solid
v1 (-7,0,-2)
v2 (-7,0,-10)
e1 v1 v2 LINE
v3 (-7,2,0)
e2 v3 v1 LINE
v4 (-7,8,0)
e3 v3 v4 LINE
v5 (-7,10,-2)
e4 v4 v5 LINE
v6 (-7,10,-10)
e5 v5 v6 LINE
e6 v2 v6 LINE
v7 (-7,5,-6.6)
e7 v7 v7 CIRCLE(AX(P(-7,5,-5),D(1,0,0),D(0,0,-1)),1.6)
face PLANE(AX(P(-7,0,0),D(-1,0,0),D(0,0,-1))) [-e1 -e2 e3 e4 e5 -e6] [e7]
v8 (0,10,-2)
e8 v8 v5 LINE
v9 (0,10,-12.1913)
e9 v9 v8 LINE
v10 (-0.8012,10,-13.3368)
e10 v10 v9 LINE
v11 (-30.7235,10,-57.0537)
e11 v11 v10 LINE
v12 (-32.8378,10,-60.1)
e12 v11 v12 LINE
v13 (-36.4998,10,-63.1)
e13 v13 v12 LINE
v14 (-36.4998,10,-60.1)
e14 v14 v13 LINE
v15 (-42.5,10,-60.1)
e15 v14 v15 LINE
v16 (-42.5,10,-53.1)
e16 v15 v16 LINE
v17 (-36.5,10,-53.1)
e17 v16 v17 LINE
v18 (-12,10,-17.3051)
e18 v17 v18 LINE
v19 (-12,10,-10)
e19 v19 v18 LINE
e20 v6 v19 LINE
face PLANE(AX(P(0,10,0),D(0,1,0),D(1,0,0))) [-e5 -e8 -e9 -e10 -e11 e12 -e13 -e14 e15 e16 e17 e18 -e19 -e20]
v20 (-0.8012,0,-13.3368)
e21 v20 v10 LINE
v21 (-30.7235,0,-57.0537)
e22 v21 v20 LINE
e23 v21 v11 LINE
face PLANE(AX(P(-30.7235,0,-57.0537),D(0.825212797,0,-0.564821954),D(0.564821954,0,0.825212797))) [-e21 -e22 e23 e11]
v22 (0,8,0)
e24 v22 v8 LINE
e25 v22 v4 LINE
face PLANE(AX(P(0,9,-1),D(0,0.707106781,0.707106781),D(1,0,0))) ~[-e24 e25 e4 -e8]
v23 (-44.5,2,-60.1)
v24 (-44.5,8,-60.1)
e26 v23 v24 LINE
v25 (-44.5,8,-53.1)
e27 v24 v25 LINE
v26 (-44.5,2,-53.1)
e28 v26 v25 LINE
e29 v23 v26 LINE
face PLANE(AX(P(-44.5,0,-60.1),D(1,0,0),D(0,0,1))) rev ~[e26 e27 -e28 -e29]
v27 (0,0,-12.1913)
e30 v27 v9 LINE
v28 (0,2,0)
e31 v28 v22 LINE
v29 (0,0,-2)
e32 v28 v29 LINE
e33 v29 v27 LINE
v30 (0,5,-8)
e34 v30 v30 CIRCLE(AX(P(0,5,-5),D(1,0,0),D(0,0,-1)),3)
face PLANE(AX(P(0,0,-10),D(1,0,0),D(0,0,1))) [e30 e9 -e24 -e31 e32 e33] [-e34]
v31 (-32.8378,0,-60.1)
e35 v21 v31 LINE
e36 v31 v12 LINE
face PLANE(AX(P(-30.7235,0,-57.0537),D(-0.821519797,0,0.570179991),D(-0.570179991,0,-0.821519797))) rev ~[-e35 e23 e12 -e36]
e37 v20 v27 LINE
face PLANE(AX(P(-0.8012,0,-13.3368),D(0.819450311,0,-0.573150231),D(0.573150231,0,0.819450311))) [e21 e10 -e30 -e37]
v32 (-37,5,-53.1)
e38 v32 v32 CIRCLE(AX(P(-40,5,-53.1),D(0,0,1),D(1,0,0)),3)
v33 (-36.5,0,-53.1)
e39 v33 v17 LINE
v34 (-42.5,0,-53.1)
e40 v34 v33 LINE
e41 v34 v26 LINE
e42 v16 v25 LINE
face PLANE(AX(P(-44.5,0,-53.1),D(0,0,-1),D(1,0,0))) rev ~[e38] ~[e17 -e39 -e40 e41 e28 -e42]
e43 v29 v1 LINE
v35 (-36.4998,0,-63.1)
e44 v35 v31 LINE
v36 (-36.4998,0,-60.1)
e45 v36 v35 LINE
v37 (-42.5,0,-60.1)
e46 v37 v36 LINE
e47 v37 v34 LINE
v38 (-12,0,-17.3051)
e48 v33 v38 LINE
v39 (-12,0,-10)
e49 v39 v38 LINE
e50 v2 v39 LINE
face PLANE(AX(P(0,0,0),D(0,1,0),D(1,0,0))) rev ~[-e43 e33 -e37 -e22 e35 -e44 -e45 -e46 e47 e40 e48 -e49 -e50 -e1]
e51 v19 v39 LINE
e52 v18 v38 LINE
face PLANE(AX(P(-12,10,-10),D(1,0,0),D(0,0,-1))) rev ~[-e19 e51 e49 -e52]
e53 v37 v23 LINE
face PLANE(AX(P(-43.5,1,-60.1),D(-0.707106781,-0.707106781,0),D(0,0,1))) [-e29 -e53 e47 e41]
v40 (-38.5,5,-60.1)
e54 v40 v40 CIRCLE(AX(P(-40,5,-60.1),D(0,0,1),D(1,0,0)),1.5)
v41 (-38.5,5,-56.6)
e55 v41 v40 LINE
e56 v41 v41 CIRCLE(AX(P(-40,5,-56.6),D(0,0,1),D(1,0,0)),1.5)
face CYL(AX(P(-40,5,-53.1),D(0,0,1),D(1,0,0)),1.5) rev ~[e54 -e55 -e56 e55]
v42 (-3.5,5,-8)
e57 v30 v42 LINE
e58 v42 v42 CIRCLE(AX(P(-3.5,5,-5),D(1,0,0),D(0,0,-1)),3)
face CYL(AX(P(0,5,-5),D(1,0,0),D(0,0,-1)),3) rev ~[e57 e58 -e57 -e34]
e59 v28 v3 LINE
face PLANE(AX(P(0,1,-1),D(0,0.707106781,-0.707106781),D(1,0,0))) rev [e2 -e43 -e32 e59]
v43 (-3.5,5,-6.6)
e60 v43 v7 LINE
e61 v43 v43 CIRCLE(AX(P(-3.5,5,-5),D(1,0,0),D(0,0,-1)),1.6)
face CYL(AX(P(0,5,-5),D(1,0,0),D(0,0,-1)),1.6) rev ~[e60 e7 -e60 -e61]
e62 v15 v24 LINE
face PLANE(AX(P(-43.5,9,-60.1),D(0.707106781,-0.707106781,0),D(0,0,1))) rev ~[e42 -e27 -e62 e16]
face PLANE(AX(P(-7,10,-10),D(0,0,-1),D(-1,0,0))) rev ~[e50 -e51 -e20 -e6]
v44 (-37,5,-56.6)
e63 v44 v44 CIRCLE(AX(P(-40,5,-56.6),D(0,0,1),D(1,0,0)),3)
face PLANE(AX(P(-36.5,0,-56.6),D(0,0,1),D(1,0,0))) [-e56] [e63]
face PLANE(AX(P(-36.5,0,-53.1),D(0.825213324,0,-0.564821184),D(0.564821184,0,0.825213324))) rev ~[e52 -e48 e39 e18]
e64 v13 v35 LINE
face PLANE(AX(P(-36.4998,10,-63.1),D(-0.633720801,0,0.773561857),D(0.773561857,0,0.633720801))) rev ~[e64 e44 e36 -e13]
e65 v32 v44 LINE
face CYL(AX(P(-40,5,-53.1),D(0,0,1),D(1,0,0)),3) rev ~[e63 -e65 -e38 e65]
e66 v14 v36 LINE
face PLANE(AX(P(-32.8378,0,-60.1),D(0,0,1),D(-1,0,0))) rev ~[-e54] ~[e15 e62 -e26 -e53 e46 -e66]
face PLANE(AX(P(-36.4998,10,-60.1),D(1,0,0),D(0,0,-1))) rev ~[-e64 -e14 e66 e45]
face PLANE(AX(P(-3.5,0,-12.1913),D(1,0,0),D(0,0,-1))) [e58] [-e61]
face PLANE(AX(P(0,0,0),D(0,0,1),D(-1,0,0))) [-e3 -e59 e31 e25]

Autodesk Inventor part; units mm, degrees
ref_plane "YZ Plane" through (0, 0, 0) normal (1, 0, 0) x (0, 1, 0)
ref_plane "XZ Plane" through (0, 0, 0) normal (0, 1, 0) x (-1, 0, 0)
ref_plane "XY Plane" through (0, 0, 0) normal (0, 0, 1) x (1, 0, 0)
sketch "Sketch1" plane through (0, 0, 0) normal (0, 1, 0) x (-1, 0, 0)
  line L0 (0, 0) -> (7, 0)
  line L1 (7, 0) -> (7, -10)
  line L2 (7, -10) -> (0, -10)
  line L3 (0, -10) -> (0, 0)
  line L4 (36.5, -60.1) -> (44.5, -60.1)
  line L5 (44.5, -60.1) -> (44.5, -53.1)
  line L6 (44.5, -53.1) -> (36.5, -53.1)
  line L7 (36.5, -53.1) -> (36.5, -60.1)
  line L8 (36.5, -53.1) -> (7, -10)
  line L9 (30.7235, -57.0537) -> (0.8012, -13.3368)
  line L10 (0.8012, -13.3368) -> (0, -12.1913)
  line L11 (0, -12.1913) -> (0, -10)
  line L12 (30.7235, -57.0537) -> (32.8378, -60.1)
  line L13 (32.8378, -60.1) -> (36.5, -60.1)
  dimension "d0" = 10
  dimension "d1" = 7
  dimension "d7" = 29.5
  dimension "d14" = 50.1
  dimension "d15" = 7
  dimension "d16" = 8
  dimension "d17" = 7
extrude "Extrusion1" add sketch "Sketch1" along normal blind 10
chamfer "Chamfer1" distance 2 angle 45 4 edges at (-44.5, 0, -56.6) (-44.5, 10, -56.6) (-3.5, 10, 0) (-3.5, 0, 0)
sketch "Sketch2" plane through (0, 0, -12.1913) normal (1, 0, 0) x (0, 0, -1)
  line L0 (-12.1913, 0) -> (-2.1913, 0) construction
  line L1 (-2.1913, 0) -> (-2.1913, 10) construction
  line L2 (-2.1913, 10) -> (-12.1913, 10) construction
  line L3 (-12.1913, 10) -> (-12.1913, 0) construction
  line L4 (-2.1913, 10) -> (-12.1913, 0) construction
  circle A0 centre (-7.1913, 5) radius 1.6
  dimension "d21" = 10
  dimension "d22" = 10
  dimension "d23" = 3.2
extrude "Extrusion2" cut sketch "Sketch2" against normal through all
sketch "Sketch3" plane through (-36.5, 0, -53.1) normal (0, 0, 1) x (1, 0, 0)
  line L0 (0, 0) -> (0, 10) projected
  line L1 (0, 10) -> (-10, 0) construction
  line L2 (0, 10) -> (14.1421, 10) construction
  line L3 (0, 5) -> (-3.5, 5)
  circle A0 centre (-3.5, 5) radius 1.5
  point P0 (36.5, 0)
  dimension "d26" = 135
  dimension "d27" = 3.5
  dimension "d28" = 3
extrude "Extrusion3" cut sketch "Sketch3" against normal blind 10
sketch "Sketch4" plane through (0, 0, -12.1913) normal (1, 0, 0) x (0, 0, -1)
  circle A0 centre (-7.1913, 5) radius 1.6 projected
  circle A1 centre (-7.1913, 5) radius 3
  point P0 (-12.1913, 0)
  dimension "d31" = 6
extrude "Extrusion4" cut sketch "Sketch4" against normal blind 3.5
sketch "Sketch5" plane through (-36.5, 0, -53.1) normal (0, 0, 1) x (1, 0, 0)
  circle A0 centre (-3.5, 5) radius 3
  point P0 (36.5, 0)
  dimension "d34" = 6
extrude "Extrusion5" cut sketch "Sketch5" against normal blind 3.5
sketch "Sketch6" plane through (0, 10, 0) normal (0, 1, 0) x (1, 0, 0)
  line L0 (-7, 10) -> (-7, 2) projected
  line L1 (-7, 10) -> (-12, 10)
  line L2 (-12, 10) -> (-12, 17.3051)
  line L3 (-36.5, 53.1) -> (-7, 10) projected
  point P0 (0, 0)
  dimension "d37" = 5
  dimension "d38" = 90
extrude "Extrusion6" add sketch "Sketch6" against normal blind 10
sketch "Sketch7" plane through (0, 10, 0) normal (0, 1, 0) x (1, 0, 0)
  line L0 (-30.7235, 57.0537) -> (-32.8378, 60.1) projected
  line L1 (-32.8378, 60.1) -> (-36.4998, 60.1)
  line L2 (-32.8378, 60.1) -> (-42.5, 60.1) projected
  line L3 (-36.4998, 60.1) -> (-36.4998, 63.1)
  line L4 (-36.4998, 63.1) -> (-32.8378, 60.1)
  point P0 (0, 0)
  dimension "d41" = 3.662
  dimension "d42" = 3
extrude "Extrusion7" add sketch "Sketch7" against normal blind 10
properties part number "HoldingArms"
